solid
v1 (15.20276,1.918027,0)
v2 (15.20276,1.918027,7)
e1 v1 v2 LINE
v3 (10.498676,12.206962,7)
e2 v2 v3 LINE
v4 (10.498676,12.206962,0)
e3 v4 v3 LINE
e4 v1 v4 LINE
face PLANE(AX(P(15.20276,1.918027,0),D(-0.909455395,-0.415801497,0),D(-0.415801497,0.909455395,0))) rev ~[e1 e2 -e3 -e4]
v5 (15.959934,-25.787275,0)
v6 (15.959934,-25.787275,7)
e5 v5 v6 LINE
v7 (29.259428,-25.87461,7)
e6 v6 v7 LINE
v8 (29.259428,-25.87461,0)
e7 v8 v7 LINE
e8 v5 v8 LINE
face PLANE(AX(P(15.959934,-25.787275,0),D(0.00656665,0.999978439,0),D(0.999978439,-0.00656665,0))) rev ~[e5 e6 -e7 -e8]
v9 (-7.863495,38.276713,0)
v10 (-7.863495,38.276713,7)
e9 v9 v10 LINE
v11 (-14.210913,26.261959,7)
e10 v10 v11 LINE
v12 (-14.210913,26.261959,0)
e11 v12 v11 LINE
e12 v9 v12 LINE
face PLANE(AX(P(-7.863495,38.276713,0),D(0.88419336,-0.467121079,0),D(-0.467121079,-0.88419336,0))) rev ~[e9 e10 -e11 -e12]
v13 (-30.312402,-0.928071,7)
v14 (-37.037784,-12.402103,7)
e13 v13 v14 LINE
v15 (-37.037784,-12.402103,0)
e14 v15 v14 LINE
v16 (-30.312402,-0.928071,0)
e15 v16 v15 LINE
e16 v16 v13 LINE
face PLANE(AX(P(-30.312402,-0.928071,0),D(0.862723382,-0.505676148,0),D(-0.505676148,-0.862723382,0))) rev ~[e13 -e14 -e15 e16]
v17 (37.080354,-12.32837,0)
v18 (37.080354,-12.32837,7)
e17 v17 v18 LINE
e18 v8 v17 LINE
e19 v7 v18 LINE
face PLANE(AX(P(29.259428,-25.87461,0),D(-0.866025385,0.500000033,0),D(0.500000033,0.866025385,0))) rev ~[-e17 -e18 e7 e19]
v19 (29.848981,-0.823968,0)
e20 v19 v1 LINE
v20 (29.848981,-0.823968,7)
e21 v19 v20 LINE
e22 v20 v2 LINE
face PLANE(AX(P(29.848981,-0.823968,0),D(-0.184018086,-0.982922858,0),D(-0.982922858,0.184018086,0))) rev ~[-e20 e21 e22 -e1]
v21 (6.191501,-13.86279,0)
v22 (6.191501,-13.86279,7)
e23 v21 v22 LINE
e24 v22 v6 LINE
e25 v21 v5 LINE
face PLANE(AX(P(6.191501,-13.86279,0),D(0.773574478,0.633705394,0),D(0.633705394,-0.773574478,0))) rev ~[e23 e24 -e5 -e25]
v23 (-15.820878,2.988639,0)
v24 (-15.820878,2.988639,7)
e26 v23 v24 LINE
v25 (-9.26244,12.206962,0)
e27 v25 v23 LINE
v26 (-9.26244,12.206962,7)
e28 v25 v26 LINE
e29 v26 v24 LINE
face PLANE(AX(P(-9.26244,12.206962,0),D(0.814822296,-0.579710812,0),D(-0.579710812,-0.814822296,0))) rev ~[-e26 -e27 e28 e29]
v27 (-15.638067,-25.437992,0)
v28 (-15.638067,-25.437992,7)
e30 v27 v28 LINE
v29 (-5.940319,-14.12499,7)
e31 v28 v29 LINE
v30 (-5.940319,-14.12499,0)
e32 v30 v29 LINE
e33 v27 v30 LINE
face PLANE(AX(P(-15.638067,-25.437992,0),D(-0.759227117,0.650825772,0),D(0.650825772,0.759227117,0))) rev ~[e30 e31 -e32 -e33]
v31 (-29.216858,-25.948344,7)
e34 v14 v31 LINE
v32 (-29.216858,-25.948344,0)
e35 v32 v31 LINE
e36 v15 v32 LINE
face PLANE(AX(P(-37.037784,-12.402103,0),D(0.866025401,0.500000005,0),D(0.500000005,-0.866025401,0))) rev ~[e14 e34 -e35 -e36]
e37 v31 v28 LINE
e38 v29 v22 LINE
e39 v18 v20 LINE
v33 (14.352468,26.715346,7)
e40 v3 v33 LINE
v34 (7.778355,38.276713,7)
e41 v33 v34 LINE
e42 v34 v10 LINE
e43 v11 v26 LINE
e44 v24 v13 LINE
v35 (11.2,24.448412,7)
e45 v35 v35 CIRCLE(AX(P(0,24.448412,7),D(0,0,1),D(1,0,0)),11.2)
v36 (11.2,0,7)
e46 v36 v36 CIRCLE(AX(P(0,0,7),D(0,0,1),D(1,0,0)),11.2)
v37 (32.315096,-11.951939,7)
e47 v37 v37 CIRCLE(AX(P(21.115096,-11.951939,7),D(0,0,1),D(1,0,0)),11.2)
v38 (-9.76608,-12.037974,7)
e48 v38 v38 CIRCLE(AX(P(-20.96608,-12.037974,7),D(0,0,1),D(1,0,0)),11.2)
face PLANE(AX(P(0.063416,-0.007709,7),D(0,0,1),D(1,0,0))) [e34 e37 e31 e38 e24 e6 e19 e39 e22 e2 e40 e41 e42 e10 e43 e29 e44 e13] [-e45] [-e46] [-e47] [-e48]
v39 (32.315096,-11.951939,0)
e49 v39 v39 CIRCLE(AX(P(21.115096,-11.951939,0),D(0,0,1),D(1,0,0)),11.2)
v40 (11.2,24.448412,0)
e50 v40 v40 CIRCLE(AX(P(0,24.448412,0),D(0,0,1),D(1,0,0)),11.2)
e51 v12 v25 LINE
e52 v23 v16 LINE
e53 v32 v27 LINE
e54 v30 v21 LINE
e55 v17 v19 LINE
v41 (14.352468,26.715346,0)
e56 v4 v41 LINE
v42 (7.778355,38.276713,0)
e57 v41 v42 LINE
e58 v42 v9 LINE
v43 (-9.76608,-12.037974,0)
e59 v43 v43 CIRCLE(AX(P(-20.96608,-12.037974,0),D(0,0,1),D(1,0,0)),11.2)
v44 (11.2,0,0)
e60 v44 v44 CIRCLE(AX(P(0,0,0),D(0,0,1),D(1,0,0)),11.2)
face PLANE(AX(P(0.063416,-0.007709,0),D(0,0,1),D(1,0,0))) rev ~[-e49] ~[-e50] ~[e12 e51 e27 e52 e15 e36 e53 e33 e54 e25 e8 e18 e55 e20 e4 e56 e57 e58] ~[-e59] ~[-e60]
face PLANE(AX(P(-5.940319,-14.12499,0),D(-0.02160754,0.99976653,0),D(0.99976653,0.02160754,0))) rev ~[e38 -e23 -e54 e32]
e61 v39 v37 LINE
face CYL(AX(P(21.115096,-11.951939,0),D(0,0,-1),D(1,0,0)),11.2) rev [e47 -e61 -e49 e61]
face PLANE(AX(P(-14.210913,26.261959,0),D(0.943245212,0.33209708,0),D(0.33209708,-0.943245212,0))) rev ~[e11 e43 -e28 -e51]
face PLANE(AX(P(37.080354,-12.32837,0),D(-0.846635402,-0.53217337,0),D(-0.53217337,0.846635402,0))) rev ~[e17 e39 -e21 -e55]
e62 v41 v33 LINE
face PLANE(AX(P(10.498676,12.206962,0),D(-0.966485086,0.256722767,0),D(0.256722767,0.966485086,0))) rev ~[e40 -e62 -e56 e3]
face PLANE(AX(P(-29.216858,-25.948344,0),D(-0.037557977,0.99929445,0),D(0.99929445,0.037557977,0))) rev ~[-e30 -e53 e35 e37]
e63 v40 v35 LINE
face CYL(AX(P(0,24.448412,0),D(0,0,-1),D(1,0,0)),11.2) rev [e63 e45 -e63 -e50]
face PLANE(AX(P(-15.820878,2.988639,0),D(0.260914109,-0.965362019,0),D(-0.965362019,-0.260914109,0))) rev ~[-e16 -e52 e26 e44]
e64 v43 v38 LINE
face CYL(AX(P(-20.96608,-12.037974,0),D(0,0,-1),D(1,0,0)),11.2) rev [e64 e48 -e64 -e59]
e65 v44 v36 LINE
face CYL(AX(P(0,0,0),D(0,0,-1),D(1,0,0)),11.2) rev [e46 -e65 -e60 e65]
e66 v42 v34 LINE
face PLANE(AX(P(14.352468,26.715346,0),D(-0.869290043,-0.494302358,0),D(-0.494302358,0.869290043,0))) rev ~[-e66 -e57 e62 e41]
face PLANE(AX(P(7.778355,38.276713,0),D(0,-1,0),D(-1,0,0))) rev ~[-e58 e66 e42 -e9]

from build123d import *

# Parameters (mm, degrees)
F0_R     = 11.2
F1_DEPTH = 7
F2_DEPTH = 7


with BuildPart() as f1:
    # F0 (on Top) → F1 (new body)
    with BuildSketch(Plane.XY):
        Polygon((7.778355, 38.276713), (-7.863495, 38.276713), (-14.210913, 26.261959), (-9.26244, 12.206962), (-15.820878, 2.988639), (-30.312402, -0.928071), (-37.037784, -12.402103), (-29.216858, -25.948344), (-15.638067, -25.437992), (-5.940319, -14.12499), (6.191501, -13.86279), (15.959934, -25.787275), (29.259428, -25.87461), (37.080354, -12.32837), (29.848981, -0.823968), (15.20276, 1.918027), (10.498676, 12.206962), (14.352468, 26.715346), align=None)
        with Locations((-20.96608, -12.037974)):
            Circle(F0_R, mode=Mode.SUBTRACT)
        Circle(F0_R, mode=Mode.SUBTRACT)
        with Locations((21.115096, -11.951939)):
            Circle(F0_R, mode=Mode.SUBTRACT)
        with Locations((0, 24.448412)):
            Circle(F0_R, mode=Mode.SUBTRACT)
    extrude(amount=F1_DEPTH)

    # F0 (on Top) → F2 (join)
    with BuildSketch(Plane.XY):
        Polygon((7.778355, 38.276713), (-7.863495, 38.276713), (-14.210913, 26.261959), (-9.26244, 12.206962), (-15.820878, 2.988639), (-30.312402, -0.928071), (-37.037784, -12.402103), (-29.216858, -25.948344), (-15.638067, -25.437992), (-5.940319, -14.12499), (6.191501, -13.86279), (15.959934, -25.787275), (29.259428, -25.87461), (37.080354, -12.32837), (29.848981, -0.823968), (15.20276, 1.918027), (10.498676, 12.206962), (14.352468, 26.715346), align=None)
        with Locations((-20.96608, -12.037974)):
            Circle(F0_R, mode=Mode.SUBTRACT)
        Circle(F0_R, mode=Mode.SUBTRACT)
        with Locations((21.115096, -11.951939)):
            Circle(F0_R, mode=Mode.SUBTRACT)
        with Locations((0, 24.448412)):
            Circle(F0_R, mode=Mode.SUBTRACT)
    extrude(amount=F2_DEPTH)


solid = f1.part
